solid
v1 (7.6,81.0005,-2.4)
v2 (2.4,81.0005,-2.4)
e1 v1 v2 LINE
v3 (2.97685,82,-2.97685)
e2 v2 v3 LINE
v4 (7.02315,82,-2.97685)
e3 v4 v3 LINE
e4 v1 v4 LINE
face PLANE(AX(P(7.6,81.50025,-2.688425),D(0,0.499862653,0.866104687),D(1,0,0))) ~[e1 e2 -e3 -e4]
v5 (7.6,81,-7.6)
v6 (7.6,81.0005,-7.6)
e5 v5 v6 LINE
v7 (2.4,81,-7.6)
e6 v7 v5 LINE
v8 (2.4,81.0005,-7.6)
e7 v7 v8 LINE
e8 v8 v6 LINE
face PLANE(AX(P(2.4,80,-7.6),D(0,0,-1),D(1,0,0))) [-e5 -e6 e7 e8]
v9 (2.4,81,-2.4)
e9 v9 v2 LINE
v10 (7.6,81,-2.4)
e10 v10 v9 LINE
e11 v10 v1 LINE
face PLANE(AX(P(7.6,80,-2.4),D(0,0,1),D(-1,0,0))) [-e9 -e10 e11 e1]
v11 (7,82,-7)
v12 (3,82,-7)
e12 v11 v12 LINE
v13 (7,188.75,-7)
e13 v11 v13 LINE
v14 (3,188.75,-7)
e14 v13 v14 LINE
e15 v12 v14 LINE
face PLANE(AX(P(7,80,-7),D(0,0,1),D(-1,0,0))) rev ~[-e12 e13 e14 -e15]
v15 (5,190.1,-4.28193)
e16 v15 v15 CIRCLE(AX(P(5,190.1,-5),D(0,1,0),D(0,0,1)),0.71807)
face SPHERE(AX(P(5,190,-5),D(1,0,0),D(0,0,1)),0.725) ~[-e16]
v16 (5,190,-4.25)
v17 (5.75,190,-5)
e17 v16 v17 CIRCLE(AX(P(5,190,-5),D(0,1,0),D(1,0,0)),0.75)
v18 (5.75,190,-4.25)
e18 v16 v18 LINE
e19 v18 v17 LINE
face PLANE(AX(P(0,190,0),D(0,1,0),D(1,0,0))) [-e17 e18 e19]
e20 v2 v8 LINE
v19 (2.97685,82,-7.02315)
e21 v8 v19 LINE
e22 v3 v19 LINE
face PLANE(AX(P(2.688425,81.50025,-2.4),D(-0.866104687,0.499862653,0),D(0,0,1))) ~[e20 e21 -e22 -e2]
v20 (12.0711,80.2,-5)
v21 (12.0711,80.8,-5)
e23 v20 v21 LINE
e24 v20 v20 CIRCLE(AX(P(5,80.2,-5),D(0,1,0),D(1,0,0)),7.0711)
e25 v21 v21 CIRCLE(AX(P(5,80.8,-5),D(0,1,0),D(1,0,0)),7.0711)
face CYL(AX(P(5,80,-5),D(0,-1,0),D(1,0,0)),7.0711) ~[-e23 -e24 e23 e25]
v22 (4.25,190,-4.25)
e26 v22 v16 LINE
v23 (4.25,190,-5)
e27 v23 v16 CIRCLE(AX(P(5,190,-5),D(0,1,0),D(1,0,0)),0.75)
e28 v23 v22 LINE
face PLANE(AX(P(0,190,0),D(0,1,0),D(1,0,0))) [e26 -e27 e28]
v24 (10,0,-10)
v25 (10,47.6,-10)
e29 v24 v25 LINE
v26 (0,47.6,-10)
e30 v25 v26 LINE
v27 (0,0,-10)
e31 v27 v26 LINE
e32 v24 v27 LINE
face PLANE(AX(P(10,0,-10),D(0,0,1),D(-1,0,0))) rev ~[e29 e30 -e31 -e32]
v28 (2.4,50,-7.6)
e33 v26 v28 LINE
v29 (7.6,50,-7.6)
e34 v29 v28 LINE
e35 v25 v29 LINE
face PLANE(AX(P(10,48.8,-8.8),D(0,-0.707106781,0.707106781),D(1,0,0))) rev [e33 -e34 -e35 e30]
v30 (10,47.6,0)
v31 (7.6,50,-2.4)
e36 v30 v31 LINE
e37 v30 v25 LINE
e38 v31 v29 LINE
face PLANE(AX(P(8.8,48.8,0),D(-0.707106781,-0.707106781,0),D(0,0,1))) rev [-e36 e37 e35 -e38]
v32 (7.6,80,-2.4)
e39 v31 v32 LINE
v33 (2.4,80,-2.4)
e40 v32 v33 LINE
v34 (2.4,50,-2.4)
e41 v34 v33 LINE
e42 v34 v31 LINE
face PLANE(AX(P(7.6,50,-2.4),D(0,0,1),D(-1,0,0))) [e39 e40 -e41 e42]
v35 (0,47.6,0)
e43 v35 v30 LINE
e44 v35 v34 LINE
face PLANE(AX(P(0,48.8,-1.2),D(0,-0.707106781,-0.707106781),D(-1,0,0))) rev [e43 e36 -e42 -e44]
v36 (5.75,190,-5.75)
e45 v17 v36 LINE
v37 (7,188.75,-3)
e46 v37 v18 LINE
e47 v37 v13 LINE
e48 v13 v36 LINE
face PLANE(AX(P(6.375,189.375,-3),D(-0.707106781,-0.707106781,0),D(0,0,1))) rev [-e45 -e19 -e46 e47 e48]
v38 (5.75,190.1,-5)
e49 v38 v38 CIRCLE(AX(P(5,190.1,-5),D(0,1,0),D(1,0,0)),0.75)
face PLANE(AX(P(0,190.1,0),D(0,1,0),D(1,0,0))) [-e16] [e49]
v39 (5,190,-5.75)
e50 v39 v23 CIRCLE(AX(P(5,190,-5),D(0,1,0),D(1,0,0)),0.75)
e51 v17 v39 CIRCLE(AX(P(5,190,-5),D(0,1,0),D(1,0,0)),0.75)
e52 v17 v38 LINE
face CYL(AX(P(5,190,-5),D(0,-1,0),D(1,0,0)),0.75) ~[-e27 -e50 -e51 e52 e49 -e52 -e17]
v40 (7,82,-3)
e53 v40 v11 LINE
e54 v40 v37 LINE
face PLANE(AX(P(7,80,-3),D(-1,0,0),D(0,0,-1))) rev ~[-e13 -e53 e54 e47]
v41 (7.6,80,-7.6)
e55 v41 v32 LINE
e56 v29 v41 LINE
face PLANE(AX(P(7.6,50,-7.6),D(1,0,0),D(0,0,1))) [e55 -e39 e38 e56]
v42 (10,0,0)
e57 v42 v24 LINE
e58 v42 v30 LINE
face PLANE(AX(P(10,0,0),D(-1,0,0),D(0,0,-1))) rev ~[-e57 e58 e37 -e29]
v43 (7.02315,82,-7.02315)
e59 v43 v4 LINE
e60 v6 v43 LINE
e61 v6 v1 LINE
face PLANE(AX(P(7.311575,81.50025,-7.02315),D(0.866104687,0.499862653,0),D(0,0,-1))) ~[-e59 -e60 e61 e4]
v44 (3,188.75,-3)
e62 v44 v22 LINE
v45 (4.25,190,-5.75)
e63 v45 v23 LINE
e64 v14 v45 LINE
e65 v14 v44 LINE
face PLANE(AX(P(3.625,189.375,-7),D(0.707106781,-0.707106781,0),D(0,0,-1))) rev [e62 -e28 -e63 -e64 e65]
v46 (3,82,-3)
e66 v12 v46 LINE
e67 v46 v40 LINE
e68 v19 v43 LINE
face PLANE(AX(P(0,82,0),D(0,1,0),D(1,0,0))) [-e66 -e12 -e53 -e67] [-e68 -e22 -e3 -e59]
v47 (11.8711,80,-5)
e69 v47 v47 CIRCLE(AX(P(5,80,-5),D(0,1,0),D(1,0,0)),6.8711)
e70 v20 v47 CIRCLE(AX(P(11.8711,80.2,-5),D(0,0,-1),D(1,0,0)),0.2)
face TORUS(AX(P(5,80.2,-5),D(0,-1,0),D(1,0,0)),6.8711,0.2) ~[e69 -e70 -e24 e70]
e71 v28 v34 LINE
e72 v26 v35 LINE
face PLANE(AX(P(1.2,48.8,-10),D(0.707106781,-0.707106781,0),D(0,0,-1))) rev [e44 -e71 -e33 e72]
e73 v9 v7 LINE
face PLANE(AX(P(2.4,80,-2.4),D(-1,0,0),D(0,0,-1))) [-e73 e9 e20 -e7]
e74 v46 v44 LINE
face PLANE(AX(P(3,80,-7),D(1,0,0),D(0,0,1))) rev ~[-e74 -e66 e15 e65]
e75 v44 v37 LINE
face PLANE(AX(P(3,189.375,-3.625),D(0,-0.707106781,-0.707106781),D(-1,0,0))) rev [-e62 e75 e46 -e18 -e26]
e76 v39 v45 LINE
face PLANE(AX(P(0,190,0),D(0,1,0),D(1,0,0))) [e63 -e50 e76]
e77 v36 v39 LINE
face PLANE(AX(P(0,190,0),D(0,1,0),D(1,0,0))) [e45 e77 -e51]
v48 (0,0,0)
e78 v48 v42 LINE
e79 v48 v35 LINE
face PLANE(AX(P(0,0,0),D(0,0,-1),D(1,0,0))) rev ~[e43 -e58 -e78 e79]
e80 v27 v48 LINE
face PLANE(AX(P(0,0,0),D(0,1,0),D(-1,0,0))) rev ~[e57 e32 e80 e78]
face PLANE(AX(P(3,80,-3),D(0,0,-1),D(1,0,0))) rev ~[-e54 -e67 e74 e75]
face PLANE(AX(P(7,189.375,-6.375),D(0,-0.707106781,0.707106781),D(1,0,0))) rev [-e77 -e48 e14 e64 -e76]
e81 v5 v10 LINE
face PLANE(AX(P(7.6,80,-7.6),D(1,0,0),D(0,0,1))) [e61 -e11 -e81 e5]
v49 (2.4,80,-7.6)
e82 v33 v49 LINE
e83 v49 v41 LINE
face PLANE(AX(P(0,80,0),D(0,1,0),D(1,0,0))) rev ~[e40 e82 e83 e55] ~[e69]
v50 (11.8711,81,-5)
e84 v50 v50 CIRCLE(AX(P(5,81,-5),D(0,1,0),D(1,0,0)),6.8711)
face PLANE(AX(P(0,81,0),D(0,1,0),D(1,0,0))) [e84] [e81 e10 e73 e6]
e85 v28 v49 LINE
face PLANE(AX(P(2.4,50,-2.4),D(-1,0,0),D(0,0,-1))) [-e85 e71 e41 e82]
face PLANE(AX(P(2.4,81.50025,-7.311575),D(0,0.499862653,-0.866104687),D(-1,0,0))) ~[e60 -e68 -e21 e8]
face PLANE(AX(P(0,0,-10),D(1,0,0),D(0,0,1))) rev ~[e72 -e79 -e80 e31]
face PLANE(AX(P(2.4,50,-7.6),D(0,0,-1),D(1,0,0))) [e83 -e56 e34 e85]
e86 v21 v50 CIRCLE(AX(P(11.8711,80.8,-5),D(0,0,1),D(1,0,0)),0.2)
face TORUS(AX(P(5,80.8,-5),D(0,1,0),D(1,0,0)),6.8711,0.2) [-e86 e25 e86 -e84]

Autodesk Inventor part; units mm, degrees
ref_plane "YZ Plane" through (0, 0, 0) normal (1, 0, 0) x (0, 1, 0)
ref_plane "XZ Plane" through (0, 0, 0) normal (0, 1, 0) x (-1, 0, 0)
ref_plane "XY Plane" through (0, 0, 0) normal (0, 0, 1) x (1, 0, 0)
sketch "草圖1" plane through (0, 0, 0) normal (0, 1, 0) x (-1, 0, 0)
  line L0 (0, 0) -> (-10, 0)
  line L1 (-10, 0) -> (-10, -10)
  line L2 (-10, -10) -> (0, -10)
  line L3 (0, -10) -> (0, 0)
  dimension "d0" = 10
  dimension "d1" = 10
extrude "擠出1" add sketch "草圖1" along normal blind 50
chamfer "倒角1" distance 2.4 angle 45 4 edges at (5, 50, 0) (10, 50, -5) (5, 50, -10) (0, 50, -5)
sketch "草圖2" plane through (0, 50, 0) normal (0, 1, 0) x (1, 0, 0)
  line L0 (2.4, 2.4) -> (2.4, 7.6) projected
  line L1 (7.6, 2.4) -> (2.4, 2.4) projected
  line L2 (2.4, 7.6) -> (7.6, 7.6)
  line L3 (7.6, 7.6) -> (7.6, 2.4)
  line L4 (7.6, 2.4) -> (2.4, 2.4)
  line L5 (2.4, 2.4) -> (2.4, 7.6)
  point P0 (0, 0)
extrude "擠出2" add sketch "草圖2" along normal blind 30
sketch "草圖3" plane through (0, 80, 0) normal (0, 1, 0) x (1, 0, 0)
  line L0 (2.4, 7.6) -> (7.6, 7.6)
  line L1 (7.6, 7.6) -> (7.6, 2.4)
  line L2 (7.6, 2.4) -> (2.4, 2.4)
  line L3 (2.4, 2.4) -> (2.4, 7.6)
  circle A0 centre (5, 5) radius 7.0711
  line L4 (7, 7) -> (3, 7)
  line L5 (3, 7) -> (3, 3)
  line L6 (3, 3) -> (7, 3)
  line L7 (7, 3) -> (7, 7)
  line L8 (7, 7) -> (3, 3) construction
  line L9 (3, 7) -> (7, 3) construction
  point P0 (0, 0)
  point P1 (10, 10)
  dimension "d31" = 4
  dimension "d32" = 4
extrude "擠出3" add sketch "草圖3" along normal blind 110 contours L7 L6 L5 L4
extrude "擠出5" add sketch "草圖3" along normal blind 1 contours A0
fillet "圓角1" radius 0.2 2 edges at (-2.0711, 80, -5) (-2.0711, 81, -5)
chamfer "倒角7" distance 1.25 angle 45 4 edges at (5, 190, -7) (7, 190, -5) (5, 190, -3) (3, 190, -5)
extrude "擠出6" add sketch "草圖3" along normal blind 2 contours L0 L1 L2 L3 | L7 L6 L5 L4
chamfer "倒角8" distance 1 angle 30 1 edges at (5, 82, -7.6) measured on face at (5.8667, 81.3333, -7.6)
chamfer "倒角9" distance 1 angle 30 1 edges at (2.4, 82, -4.7116) measured on face at (2.4, 81.3333, -5.6744)
chamfer "倒角10" distance 1 angle 30 1 edges at (5.2884, 82, -2.4) measured on face at (4.3256, 81.3333, -2.4)
chamfer "倒角11" distance 1 angle 30 1 edges at (7.6, 82, -5) measured on face at (7.6, 81.3333, -5.6744)
sketch "草圖7" plane through (0, 190, 0) normal (0, 1, 0) x (1, 0, 0)
  line L0 (5.75, 5.75) -> (5.75, 4.25) projected
  circle A0 centre (5, 5) radius 0.725
  line L1 (5.75, 5) -> (4.25, 5)
  point P0 (0, 0)
  point P1 (5.725, 5)
  point P2 (4.275, 5)
  dimension "d54" = 1.45
revolve "迴轉2" add sketch "草圖7" angle 180 about axis through (5.75, 190, -5) along (-1, 0, 0) picked at (4.7654, 4.9422) contours A0 L1
sketch "草圖9" plane through (0, 190, 0) normal (0, 1, 0) x (1, 0, 0)
  circle A0 centre (5, 5) radius 0.725
  circle A1 centre (5, 5) radius 0.75
  point P0 (0, 0)
extrude "擠出8" add sketch "草圖9" along normal blind 0.1 contours A0 | A1
properties part number "尖尖"
